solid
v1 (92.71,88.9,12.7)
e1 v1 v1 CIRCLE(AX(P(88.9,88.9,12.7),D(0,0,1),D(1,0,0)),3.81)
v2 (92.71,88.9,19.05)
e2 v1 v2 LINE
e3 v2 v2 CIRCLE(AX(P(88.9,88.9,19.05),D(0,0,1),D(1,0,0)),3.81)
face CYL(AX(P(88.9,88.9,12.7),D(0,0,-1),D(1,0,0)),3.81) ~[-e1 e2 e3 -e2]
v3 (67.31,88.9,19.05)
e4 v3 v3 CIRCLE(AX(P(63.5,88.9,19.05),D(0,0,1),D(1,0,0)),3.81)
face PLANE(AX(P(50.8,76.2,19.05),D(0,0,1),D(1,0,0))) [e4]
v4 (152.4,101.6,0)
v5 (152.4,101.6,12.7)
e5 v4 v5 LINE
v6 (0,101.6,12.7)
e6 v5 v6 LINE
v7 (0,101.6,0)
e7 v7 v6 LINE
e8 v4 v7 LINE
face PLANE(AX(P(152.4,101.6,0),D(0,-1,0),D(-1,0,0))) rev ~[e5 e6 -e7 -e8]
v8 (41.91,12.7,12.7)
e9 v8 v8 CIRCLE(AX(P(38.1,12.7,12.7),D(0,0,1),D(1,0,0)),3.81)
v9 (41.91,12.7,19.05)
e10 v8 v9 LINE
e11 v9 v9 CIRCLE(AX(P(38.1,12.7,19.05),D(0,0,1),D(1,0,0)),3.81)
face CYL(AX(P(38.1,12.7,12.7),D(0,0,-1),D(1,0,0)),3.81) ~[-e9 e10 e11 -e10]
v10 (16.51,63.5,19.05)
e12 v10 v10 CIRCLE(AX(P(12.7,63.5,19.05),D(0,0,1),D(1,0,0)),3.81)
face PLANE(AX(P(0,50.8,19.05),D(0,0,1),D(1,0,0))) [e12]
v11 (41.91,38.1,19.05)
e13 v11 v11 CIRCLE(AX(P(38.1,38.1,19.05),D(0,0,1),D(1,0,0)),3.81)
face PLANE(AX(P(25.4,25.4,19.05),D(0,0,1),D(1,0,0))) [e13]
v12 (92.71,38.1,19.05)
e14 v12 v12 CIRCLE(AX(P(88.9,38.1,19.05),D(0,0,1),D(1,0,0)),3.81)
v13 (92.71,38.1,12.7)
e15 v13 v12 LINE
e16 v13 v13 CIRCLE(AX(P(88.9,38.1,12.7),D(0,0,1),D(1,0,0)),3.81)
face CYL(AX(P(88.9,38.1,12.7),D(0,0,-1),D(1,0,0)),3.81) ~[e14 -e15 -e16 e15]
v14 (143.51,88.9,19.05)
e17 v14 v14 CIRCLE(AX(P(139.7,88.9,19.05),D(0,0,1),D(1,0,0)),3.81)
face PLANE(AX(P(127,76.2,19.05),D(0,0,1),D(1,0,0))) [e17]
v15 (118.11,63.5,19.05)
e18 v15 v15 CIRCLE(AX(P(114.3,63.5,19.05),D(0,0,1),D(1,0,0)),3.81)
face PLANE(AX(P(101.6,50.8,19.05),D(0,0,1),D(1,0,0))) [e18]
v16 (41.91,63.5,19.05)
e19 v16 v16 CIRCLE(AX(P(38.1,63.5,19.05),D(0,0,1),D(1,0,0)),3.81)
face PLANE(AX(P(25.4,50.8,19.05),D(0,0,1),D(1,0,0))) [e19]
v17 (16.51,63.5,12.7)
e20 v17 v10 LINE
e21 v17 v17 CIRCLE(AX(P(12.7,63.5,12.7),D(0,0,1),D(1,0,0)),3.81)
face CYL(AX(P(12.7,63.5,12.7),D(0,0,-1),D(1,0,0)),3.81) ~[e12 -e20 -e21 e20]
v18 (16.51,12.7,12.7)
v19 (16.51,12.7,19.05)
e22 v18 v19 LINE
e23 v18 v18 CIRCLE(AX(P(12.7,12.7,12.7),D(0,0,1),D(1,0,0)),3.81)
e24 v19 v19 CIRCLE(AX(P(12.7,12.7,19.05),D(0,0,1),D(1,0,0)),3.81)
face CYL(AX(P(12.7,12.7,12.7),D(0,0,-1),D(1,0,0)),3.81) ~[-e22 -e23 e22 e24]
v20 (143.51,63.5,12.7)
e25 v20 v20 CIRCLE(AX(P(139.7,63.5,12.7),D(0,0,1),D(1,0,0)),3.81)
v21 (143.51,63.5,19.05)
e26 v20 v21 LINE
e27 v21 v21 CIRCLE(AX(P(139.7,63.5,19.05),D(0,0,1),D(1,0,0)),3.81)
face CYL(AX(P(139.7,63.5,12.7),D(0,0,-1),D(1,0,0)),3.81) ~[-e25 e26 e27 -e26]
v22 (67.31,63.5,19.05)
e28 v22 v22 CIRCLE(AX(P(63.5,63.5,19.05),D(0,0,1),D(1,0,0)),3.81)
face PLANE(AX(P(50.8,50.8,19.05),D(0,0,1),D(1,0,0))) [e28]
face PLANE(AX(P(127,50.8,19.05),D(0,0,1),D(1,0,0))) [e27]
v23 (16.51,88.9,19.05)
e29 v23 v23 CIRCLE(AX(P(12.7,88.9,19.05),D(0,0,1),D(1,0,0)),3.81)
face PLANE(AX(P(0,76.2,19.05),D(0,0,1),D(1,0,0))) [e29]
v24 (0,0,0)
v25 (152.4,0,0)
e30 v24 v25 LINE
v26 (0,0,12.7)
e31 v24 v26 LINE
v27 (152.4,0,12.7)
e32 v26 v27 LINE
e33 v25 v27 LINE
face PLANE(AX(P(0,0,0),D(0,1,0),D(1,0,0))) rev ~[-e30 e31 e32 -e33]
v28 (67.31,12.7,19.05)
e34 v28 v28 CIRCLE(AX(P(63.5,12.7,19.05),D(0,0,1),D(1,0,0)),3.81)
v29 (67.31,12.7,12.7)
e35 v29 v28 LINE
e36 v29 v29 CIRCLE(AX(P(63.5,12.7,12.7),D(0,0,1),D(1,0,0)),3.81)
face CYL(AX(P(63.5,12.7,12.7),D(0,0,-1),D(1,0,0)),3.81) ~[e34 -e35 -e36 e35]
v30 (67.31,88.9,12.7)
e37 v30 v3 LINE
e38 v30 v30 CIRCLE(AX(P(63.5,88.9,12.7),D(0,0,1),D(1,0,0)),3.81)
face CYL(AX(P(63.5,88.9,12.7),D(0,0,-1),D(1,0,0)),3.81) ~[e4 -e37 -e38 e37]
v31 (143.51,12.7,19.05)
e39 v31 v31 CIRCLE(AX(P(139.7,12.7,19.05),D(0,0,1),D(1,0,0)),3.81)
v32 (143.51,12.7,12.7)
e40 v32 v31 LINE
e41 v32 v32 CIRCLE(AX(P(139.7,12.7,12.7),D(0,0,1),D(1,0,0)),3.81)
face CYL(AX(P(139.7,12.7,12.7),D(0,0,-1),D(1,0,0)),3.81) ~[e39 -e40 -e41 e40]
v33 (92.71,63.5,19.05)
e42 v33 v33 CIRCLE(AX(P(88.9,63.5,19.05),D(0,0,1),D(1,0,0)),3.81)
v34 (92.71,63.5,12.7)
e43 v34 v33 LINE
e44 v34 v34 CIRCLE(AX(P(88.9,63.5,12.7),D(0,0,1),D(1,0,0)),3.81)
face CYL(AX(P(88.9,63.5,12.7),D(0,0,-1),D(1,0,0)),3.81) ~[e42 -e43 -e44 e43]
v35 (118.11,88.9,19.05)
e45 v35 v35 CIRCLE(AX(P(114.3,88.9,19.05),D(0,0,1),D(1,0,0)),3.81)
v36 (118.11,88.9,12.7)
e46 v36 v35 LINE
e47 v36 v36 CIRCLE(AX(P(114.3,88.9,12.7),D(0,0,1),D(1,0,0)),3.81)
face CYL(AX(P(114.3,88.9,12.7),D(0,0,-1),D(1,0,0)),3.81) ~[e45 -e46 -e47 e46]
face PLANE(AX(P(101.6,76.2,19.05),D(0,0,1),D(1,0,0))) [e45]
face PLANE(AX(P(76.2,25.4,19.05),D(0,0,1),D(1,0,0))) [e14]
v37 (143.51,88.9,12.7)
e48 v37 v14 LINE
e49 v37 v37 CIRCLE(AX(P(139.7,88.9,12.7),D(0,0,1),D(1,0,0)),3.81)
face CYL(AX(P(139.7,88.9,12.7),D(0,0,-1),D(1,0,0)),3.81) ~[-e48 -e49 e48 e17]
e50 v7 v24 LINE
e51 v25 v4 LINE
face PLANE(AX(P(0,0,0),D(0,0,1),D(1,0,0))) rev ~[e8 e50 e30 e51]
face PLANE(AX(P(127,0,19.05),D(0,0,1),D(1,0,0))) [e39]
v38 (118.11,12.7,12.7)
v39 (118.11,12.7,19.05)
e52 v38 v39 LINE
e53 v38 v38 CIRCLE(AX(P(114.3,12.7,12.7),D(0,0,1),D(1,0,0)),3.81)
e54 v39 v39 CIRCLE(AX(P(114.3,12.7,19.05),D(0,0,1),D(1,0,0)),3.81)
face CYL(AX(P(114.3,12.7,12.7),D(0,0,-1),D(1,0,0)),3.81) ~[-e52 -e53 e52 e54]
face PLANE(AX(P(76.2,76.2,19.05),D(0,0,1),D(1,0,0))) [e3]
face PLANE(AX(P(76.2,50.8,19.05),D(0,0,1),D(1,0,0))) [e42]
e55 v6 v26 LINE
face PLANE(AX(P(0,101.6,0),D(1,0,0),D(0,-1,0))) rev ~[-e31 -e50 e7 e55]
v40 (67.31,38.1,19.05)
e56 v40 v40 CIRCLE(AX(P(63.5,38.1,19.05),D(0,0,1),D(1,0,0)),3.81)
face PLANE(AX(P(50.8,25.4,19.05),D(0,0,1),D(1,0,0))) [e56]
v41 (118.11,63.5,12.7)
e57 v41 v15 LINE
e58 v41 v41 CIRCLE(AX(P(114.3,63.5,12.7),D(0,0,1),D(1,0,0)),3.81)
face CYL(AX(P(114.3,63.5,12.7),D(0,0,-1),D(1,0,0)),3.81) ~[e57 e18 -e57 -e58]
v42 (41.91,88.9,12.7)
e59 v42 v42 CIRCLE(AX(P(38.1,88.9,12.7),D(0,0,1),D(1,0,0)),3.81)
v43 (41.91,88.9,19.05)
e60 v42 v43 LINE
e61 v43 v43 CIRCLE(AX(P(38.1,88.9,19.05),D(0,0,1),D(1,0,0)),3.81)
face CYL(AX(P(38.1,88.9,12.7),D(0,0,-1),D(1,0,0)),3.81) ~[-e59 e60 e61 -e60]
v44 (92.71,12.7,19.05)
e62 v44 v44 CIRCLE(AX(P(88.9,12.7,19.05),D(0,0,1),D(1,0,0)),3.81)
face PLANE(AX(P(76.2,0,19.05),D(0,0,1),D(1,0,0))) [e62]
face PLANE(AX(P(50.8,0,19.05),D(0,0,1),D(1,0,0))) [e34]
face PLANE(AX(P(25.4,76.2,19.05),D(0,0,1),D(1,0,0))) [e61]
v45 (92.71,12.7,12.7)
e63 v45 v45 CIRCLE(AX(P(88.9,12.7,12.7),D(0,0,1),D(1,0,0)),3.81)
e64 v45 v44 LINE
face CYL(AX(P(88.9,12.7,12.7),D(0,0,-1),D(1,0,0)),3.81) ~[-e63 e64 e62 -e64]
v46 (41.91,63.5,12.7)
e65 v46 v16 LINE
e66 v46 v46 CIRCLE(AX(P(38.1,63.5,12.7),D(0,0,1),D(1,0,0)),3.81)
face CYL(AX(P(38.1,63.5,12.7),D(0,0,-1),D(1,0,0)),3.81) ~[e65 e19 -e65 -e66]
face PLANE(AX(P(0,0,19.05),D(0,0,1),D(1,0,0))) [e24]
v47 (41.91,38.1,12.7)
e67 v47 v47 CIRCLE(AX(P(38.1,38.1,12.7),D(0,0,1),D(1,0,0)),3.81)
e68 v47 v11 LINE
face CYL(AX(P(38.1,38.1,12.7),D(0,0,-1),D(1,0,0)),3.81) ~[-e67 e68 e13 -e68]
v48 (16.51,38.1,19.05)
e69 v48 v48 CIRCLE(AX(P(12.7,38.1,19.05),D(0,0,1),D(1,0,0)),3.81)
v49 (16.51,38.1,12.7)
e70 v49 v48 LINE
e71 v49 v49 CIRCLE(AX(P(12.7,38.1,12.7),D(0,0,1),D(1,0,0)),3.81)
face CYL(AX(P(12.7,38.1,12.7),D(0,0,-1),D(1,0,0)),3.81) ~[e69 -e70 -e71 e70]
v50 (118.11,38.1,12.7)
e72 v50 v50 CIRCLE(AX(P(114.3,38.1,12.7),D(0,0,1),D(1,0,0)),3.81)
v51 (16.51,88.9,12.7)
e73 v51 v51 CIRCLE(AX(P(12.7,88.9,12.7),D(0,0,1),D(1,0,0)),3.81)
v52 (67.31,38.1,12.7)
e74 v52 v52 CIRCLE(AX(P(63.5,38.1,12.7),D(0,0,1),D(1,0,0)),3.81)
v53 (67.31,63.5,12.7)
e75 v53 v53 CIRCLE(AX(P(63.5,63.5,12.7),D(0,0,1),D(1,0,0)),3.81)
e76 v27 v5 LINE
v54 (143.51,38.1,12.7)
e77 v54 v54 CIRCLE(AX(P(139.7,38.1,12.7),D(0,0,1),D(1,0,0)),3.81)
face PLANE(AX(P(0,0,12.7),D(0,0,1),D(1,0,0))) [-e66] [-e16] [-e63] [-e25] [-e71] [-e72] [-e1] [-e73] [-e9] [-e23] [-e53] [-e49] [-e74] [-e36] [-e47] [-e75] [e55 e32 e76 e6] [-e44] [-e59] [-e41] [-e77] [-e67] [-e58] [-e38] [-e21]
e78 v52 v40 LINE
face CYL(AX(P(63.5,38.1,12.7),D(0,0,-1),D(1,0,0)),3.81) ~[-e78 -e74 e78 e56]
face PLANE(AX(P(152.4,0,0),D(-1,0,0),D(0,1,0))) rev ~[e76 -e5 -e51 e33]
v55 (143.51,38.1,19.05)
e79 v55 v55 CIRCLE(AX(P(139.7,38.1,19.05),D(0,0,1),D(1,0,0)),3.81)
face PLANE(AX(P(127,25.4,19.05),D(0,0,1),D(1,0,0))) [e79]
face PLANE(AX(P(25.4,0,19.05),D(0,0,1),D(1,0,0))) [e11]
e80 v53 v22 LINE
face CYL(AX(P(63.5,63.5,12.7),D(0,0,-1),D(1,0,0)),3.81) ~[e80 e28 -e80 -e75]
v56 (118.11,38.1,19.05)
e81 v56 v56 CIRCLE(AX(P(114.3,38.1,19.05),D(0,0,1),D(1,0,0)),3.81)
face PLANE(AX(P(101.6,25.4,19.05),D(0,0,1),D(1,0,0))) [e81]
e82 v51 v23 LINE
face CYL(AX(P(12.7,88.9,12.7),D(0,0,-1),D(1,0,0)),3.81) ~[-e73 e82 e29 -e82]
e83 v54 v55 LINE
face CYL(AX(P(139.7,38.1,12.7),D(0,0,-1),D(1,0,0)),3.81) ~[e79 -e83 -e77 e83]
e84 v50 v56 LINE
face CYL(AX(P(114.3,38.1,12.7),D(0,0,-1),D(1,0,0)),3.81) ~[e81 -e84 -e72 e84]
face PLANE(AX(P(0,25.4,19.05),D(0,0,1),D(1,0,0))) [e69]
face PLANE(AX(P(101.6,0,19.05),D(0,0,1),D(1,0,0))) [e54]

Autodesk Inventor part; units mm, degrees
ref_plane "YZ Plane" through (0, 0, 0) normal (1, 0, 0) x (0, 1, 0)
ref_plane "XZ Plane" through (0, 0, 0) normal (0, 1, 0) x (-1, 0, 0)
ref_plane "XY Plane" through (0, 0, 0) normal (0, 0, 1) x (1, 0, 0)
sketch "Sketch1" plane through (0, 0, 0) normal (0, 0, 1) x (1, 0, 0)
  line L0 (0, 0) -> (152.4, 0)
  line L1 (152.4, 0) -> (152.4, 101.6)
  line L2 (152.4, 101.6) -> (0, 101.6)
  line L3 (0, 101.6) -> (0, 0)
  dimension "d0" = 152.4
  dimension "d1" = 101.6
extrude "Extrusion1" add sketch "Sketch1" along normal blind 12.7
sketch "Sketch2" plane through (0, 0, 12.7) normal (0, 0, 1) x (1, 0, 0)
  circle A0 centre (12.7, 12.7) radius 3.81
  line L0 (0, 101.6) -> (0, 0) projected
  line L1 (0, 0) -> (152.4, 0) projected
  dimension "d4" = 12.7
  dimension "d5" = 12.7
  dimension "d6" = 7.62
extrude "Extrusion2" add sketch "Sketch2" along normal blind 6.35
pattern_linear "Rectangular Pattern1" count 6 spacing 25.4 along (1, 0, 0) count 4 spacing 25.4 along (0, 1, 0) of "Extrusion2"
properties part number "Rectangle Pattern Practice"
